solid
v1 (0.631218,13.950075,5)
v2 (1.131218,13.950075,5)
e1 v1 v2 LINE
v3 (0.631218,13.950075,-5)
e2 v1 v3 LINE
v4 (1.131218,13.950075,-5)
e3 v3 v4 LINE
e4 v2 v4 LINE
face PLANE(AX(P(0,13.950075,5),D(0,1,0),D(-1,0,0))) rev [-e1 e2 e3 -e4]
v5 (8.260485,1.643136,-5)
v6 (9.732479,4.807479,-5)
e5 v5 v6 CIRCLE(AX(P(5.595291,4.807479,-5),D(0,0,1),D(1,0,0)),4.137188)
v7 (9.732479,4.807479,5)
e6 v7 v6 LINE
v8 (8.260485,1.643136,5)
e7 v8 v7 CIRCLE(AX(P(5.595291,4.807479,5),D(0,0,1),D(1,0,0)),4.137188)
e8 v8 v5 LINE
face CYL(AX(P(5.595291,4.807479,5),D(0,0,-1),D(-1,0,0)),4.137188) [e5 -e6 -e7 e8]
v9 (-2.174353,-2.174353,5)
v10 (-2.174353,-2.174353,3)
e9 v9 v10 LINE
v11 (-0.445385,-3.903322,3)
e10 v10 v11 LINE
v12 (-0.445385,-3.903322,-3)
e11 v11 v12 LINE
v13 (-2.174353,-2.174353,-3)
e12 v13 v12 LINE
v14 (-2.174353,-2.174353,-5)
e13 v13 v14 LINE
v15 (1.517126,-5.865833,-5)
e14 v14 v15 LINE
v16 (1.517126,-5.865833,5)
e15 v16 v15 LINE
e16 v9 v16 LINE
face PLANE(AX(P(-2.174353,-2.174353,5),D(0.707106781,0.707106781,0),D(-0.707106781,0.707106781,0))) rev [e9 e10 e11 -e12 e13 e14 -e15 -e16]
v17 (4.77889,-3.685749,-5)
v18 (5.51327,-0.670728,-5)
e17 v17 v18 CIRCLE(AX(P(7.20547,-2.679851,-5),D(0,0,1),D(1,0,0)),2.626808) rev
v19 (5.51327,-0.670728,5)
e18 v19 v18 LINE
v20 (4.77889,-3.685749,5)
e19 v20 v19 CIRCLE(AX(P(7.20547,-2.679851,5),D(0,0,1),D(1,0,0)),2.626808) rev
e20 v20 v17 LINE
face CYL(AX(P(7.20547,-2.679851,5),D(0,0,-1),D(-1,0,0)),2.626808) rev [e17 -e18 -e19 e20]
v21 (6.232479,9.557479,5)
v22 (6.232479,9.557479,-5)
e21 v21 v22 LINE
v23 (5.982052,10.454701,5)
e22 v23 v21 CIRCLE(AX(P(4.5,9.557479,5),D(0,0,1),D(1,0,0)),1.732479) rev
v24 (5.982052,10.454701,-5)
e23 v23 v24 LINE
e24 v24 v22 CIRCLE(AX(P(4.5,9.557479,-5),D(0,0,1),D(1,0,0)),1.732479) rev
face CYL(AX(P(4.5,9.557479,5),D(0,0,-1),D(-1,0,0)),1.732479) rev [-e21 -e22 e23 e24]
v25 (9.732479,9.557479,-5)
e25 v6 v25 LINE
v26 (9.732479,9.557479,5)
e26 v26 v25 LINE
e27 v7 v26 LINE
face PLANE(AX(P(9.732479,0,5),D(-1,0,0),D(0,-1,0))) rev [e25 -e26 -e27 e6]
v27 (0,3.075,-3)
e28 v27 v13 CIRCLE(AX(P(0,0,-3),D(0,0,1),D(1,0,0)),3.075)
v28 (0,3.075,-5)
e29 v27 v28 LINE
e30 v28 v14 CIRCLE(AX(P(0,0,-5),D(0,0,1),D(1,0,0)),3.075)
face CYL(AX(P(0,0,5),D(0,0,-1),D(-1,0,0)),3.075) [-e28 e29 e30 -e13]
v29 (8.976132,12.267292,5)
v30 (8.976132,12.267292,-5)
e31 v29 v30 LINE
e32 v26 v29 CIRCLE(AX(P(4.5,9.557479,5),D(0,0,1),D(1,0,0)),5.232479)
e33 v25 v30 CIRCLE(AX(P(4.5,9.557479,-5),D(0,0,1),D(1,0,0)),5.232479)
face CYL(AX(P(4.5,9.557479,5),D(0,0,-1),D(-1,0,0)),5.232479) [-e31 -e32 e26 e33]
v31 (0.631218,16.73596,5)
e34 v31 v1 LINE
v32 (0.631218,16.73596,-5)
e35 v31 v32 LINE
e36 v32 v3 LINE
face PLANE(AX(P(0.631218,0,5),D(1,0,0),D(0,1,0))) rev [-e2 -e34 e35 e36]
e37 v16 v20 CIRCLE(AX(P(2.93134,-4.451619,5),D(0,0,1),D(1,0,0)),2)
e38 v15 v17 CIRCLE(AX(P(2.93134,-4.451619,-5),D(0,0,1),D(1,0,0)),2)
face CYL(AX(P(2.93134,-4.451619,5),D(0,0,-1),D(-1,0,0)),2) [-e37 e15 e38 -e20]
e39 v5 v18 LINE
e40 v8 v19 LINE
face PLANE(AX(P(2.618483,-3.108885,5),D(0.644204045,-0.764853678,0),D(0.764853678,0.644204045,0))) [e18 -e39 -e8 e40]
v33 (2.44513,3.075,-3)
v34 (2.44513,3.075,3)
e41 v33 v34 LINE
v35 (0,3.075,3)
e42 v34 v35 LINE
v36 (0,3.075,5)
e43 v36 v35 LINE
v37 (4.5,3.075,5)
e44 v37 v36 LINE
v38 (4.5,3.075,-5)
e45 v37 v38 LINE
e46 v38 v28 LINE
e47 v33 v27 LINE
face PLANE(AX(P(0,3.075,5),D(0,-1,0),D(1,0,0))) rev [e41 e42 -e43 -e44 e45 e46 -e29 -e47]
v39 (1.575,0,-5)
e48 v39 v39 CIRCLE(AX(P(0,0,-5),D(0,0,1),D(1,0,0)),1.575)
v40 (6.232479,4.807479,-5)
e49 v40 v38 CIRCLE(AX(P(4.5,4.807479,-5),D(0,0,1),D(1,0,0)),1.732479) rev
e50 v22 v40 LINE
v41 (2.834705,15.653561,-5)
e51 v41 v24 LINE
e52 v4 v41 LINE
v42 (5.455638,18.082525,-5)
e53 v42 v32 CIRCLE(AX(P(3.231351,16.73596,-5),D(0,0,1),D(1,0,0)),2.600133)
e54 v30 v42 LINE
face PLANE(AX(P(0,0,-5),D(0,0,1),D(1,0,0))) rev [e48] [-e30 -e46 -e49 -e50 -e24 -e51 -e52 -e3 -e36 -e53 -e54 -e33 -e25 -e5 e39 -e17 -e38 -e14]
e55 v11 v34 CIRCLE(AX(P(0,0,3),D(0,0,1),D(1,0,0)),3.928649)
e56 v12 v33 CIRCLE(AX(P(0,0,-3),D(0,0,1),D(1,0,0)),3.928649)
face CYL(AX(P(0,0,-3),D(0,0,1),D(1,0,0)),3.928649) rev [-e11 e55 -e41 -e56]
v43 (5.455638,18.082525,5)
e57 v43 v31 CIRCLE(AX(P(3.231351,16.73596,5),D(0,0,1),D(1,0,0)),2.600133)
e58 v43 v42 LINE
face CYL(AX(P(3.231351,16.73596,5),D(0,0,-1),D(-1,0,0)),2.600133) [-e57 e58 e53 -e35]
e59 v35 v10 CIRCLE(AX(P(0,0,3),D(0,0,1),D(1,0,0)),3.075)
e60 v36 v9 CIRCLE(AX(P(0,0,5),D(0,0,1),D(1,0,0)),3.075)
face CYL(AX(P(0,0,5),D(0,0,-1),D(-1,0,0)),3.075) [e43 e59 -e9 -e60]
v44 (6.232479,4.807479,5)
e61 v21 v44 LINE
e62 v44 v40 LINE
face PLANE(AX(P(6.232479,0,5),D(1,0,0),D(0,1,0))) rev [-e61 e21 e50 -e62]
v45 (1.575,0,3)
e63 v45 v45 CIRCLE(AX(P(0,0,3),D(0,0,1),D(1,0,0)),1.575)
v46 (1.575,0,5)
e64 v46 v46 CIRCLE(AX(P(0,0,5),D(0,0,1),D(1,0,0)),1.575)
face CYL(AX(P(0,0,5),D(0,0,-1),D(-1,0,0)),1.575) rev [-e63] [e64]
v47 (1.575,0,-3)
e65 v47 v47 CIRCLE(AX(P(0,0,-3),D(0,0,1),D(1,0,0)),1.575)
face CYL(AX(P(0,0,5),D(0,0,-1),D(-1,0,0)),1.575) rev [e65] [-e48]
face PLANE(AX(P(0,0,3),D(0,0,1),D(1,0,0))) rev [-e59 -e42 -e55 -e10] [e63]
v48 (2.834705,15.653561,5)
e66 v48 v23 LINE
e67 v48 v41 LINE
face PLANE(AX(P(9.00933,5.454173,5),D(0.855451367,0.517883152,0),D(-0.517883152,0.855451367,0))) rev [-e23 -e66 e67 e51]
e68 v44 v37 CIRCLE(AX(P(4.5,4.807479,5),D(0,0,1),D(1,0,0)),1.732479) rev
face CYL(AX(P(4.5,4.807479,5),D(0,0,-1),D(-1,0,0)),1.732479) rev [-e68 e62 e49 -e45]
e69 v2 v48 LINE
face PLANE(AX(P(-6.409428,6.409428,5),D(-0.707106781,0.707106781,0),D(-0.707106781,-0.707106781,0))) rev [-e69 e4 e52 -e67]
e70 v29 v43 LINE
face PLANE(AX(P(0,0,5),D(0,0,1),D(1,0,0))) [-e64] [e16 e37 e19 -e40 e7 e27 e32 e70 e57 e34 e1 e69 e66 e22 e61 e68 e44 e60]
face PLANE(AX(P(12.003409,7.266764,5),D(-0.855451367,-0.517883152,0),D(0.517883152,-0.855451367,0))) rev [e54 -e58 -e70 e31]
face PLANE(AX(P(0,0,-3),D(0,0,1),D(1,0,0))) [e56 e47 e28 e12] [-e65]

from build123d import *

# Parameters (mm, degrees)
SKETCH1_R           = 1.575
BOSS_EXTRUDE1_DEPTH = 5
SKETCH2_R           = 3.928649494
CUT_EXTRUDE1_DEPTH  = 3


with BuildPart() as part:
    # Sketch1 → Boss-Extrude1 (new, symmetric)
    with BuildSketch(Plane.XY):
        with BuildLine():
            Line((9.732479224, 4.807479224), (9.732479224, 9.557479224))
            ThreePointArc((9.732479224, 9.557479224), (9.539846423, 10.964172818), (8.976131504, 12.267292058))
            Line((8.976131504, 12.267292058), (5.455637648, 18.08252522))
            ThreePointArc((5.455637648, 18.08252522), (2.532334022, 19.240369543), (0.631218006, 16.735960338))
            Line((0.631218006, 16.735960338), (0.631218006, 13.950074632))
            Line((0.631218006, 13.950074632), (1.131218006, 13.950074632))
            Line((1.131218006, 13.950074632), (2.83470481, 15.653561435))
            Line((2.83470481, 15.653561435), (5.98205172, 10.454701026))
            ThreePointArc((5.98205172, 10.454701026), (6.168698307, 10.023236912), (6.232479224, 9.557479224))
            Line((6.232479224, 9.557479224), (6.232479224, 4.807479224))
            ThreePointArc((6.232479224, 4.807479224), (5.725047808, 3.582431417), (4.5, 3.075))
            Line((4.5, 3.075), (0, 3.075))
            ThreePointArc((0, 3.075), (-2.840929562, 1.176751555), (-2.174353352, -2.174353352))
            Line((-2.174353352, -2.174353352), (1.517126313, -5.865833018))
            ThreePointArc((1.517126313, -5.865833018), (4.042707088, -6.11440715), (4.778890142, -3.685748701))
            ThreePointArc((4.778890142, -3.685748701), (4.653279573, -2.058204966), (5.513269646, -0.670727508))
            Line((5.513269646, -0.670727508), (8.260484532, 1.643135904))
            ThreePointArc((8.260484532, 1.643135904), (9.346473058, 3.062498062), (9.732479224, 4.807479224))
        make_face()
        Circle(SKETCH1_R, mode=Mode.SUBTRACT)
    extrude(amount=BOSS_EXTRUDE1_DEPTH, both=True)

    # Sketch2 → Cut-Extrude1 (cut, symmetric)
    with BuildSketch(Plane.XY):
        Circle(SKETCH2_R)
    extrude(amount=CUT_EXTRUDE1_DEPTH, both=True, mode=Mode.SUBTRACT)


solid = part.part
